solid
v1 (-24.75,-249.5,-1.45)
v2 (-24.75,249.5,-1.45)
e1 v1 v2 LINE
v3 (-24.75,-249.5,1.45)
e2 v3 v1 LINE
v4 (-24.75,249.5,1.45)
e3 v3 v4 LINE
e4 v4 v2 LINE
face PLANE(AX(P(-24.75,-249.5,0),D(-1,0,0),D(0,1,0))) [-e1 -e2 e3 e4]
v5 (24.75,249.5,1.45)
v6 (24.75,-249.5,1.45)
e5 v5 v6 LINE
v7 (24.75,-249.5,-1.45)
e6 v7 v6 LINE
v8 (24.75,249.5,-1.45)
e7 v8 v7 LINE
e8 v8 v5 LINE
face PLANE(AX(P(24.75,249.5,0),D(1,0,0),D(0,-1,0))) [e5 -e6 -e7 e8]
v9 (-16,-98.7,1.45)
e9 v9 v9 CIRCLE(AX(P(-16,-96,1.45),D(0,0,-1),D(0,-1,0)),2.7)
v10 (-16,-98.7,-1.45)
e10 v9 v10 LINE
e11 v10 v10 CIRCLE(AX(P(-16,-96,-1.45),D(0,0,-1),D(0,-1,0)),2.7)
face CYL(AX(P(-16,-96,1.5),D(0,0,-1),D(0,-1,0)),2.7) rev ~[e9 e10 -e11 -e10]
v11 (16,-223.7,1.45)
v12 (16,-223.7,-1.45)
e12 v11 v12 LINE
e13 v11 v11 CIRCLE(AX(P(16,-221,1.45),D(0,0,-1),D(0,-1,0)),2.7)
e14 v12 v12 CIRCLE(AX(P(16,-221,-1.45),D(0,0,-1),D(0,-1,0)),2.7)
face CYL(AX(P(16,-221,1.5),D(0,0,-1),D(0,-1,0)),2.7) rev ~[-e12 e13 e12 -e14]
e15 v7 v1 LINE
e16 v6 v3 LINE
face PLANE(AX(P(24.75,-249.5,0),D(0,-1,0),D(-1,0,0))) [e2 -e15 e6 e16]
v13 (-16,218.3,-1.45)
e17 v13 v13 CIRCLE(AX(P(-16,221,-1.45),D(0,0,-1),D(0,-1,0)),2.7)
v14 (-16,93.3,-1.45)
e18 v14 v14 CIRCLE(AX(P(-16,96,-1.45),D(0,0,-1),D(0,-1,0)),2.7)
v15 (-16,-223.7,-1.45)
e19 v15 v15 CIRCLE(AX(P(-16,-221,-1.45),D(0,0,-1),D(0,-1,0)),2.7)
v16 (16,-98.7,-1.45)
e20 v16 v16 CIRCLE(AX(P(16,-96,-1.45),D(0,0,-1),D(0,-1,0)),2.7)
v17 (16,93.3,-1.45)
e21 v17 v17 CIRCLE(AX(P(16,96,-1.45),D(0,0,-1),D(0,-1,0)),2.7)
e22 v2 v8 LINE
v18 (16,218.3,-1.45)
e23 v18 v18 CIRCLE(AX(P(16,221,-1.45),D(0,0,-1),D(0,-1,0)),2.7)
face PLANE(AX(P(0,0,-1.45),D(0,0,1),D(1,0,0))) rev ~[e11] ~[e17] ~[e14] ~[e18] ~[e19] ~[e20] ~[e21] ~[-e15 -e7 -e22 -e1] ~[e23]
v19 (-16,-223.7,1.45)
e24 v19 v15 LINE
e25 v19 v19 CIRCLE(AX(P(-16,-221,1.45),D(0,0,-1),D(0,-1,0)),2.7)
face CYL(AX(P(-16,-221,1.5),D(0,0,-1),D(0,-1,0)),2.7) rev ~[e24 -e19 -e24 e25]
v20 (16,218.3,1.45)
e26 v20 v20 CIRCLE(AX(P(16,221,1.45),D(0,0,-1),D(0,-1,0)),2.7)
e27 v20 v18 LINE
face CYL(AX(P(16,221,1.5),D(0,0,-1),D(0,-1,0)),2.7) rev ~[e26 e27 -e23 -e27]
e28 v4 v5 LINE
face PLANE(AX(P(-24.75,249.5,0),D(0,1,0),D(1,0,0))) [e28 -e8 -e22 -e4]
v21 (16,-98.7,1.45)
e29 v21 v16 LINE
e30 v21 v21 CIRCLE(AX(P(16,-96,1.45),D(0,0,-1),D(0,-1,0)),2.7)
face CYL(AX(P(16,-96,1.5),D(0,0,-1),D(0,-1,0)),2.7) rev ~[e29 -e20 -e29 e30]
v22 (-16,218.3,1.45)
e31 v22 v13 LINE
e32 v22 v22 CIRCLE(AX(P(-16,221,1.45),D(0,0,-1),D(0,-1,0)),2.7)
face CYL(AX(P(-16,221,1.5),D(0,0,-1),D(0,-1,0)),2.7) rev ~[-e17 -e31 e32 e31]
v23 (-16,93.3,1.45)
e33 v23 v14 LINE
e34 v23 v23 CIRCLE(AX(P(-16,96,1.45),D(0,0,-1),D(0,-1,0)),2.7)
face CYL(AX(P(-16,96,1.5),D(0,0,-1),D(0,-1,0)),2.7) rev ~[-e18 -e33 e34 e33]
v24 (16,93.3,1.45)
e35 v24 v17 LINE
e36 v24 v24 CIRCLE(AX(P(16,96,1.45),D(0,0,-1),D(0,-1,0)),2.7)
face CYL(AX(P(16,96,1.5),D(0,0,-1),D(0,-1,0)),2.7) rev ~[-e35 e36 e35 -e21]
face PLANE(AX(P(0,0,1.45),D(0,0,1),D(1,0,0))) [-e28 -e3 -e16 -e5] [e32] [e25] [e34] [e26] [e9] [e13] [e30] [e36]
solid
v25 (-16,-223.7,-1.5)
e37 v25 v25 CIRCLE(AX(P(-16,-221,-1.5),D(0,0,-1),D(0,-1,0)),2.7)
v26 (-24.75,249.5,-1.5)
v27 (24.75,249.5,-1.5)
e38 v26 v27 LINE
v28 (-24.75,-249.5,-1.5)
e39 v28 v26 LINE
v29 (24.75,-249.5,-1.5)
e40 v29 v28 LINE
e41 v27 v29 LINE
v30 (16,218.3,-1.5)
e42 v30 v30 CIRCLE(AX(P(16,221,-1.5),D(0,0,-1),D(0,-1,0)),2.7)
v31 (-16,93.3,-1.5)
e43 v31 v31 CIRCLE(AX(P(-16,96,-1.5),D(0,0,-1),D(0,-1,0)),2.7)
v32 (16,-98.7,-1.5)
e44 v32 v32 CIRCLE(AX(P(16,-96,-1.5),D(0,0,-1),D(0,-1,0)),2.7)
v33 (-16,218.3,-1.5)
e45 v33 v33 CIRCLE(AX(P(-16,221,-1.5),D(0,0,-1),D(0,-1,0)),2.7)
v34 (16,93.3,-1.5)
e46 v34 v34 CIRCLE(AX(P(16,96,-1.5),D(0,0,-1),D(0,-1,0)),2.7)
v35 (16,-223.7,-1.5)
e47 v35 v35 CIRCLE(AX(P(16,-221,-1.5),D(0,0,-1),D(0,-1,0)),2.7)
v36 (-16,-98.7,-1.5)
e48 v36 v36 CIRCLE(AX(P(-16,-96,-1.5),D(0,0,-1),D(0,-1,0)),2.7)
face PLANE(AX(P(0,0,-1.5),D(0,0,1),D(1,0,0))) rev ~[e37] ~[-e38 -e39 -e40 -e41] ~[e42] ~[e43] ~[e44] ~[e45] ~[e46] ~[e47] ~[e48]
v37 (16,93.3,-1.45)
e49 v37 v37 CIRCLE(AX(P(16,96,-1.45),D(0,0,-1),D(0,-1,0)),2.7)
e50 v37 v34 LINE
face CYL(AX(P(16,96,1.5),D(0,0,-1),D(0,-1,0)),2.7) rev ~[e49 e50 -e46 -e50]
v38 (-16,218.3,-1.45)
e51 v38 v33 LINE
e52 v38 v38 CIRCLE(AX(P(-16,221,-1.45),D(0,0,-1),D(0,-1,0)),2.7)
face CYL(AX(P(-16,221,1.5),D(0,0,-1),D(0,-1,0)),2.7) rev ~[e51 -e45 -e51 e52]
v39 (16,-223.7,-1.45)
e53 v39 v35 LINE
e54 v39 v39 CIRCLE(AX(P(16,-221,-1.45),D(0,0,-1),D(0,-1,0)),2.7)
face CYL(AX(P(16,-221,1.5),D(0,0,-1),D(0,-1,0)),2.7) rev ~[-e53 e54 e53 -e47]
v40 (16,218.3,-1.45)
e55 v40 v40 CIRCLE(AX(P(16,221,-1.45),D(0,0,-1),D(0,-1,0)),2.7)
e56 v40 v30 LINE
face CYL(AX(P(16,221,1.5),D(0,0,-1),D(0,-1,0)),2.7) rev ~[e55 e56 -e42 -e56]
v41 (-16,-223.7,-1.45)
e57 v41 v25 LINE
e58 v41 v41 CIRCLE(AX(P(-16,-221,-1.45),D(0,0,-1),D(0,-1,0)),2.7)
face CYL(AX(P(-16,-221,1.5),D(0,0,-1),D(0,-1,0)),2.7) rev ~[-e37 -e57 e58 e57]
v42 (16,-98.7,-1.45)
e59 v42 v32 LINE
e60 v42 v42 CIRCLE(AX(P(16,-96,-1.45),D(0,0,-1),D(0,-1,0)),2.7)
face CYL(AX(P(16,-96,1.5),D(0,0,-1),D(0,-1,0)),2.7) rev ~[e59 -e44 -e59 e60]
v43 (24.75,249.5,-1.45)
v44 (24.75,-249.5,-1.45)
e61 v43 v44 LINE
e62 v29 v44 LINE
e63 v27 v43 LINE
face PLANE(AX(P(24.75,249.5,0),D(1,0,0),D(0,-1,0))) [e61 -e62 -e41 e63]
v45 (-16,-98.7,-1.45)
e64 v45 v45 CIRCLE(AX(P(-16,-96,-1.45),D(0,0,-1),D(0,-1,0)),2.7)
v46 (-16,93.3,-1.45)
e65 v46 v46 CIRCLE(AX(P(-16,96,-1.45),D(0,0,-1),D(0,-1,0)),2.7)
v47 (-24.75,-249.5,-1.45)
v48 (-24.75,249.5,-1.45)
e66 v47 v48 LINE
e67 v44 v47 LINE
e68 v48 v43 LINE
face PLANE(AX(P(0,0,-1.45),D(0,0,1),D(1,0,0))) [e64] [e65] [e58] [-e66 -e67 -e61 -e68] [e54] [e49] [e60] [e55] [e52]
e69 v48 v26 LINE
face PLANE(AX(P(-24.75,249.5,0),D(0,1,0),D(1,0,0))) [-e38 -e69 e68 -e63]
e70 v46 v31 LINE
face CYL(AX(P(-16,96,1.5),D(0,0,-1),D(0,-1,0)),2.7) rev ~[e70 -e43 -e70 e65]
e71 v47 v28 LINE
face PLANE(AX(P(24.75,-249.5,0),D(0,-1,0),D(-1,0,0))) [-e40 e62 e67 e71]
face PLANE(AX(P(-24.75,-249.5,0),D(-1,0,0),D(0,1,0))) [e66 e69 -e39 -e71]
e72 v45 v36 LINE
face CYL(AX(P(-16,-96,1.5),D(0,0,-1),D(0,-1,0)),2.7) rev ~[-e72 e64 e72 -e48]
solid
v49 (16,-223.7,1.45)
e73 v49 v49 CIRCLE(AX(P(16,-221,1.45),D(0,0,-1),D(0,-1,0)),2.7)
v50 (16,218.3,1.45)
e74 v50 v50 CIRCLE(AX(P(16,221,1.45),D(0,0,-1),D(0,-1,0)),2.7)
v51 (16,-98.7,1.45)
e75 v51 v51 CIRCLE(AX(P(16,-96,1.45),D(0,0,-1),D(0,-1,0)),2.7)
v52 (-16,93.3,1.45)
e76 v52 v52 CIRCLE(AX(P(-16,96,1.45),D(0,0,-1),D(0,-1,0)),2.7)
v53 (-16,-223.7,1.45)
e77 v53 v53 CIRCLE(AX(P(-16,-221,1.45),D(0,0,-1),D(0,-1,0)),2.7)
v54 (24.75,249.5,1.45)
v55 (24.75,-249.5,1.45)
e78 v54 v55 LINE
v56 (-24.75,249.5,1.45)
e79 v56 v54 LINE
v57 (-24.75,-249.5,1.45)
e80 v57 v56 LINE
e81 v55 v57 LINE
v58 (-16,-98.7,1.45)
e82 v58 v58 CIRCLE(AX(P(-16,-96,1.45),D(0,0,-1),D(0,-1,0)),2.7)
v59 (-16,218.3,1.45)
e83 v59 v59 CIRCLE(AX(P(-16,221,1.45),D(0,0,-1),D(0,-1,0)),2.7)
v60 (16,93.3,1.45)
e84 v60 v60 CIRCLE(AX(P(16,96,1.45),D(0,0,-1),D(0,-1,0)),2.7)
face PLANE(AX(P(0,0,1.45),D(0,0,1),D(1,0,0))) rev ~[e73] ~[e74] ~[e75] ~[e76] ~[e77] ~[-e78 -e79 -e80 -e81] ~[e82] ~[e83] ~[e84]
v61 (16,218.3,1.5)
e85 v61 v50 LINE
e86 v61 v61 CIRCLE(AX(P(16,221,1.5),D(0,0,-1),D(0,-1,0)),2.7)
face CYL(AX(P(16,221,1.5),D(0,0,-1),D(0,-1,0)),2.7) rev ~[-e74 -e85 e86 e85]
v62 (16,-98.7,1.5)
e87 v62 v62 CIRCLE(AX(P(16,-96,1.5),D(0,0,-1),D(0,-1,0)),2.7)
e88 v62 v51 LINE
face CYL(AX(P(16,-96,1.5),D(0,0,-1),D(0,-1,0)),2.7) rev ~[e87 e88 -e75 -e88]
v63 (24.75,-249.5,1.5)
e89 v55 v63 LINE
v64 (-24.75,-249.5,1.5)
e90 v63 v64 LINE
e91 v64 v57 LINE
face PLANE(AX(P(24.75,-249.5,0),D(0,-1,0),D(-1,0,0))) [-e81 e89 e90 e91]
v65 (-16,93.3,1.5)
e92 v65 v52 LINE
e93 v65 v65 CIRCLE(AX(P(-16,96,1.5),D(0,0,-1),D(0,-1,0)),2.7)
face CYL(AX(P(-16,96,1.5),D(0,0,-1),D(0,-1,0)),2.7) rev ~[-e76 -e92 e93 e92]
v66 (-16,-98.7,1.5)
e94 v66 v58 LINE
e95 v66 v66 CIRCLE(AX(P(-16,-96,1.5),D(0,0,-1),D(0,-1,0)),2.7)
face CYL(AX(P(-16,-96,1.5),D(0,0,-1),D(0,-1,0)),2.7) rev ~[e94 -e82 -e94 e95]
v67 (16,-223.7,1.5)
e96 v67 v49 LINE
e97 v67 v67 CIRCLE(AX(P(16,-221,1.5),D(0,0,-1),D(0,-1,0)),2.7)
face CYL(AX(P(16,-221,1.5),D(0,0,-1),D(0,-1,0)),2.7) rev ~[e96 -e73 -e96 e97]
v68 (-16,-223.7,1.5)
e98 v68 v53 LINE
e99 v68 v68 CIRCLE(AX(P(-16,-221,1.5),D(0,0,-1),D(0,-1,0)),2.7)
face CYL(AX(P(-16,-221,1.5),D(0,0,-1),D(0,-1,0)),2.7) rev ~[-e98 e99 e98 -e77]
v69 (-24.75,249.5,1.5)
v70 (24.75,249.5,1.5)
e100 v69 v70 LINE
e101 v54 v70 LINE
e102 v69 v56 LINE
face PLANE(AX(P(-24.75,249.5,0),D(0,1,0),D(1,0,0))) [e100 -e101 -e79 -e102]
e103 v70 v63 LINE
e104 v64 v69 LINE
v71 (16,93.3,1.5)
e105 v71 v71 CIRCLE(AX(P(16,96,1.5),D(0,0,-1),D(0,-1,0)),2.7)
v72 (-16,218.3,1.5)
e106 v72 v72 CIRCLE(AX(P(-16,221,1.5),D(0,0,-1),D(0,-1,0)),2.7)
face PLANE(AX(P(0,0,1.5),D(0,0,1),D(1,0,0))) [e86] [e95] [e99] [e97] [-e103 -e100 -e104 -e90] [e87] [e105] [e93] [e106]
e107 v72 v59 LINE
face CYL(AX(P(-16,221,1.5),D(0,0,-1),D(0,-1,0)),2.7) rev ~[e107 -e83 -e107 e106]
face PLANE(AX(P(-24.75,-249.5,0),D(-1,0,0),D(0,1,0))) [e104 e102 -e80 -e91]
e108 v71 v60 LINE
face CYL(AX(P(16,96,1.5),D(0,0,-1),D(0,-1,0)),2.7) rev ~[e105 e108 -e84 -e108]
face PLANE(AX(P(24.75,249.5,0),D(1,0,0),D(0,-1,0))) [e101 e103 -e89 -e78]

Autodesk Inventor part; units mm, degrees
ref_plane "YZ Plane" through (0, 0, 0) normal (1, 0, 0) x (0, 1, 0)
ref_plane "XZ Plane" through (0, 0, 0) normal (0, 1, 0) x (-1, 0, 0)
ref_plane "XY Plane" through (0, 0, 0) normal (0, 0, 1) x (1, 0, 0)
sketch "Sketch1" plane through (0, 0, 0) normal (0, 0, 1) x (1, 0, 0)
  line L0 (24.75, -249.5) -> (-24.75, -249.5)
  line L1 (-24.75, -249.5) -> (-24.75, 249.5)
  line L2 (-24.75, 249.5) -> (24.75, 249.5)
  line L3 (24.75, 249.5) -> (24.75, -249.5)
  line L4 (24.75, -249.5) -> (-24.75, 249.5) construction
  line L5 (-24.75, -249.5) -> (24.75, 249.5) construction
  point P0 (0, 0)
  dimension "d0" = 49.5
  dimension "d1" = 499
extrude "Extrusion1" add sketch "Sketch1" along normal mid plane 3
extrude "Extrusion2" cut sketch "Sketch1" along normal mid plane 2.9
extrude "Extrusion3" add sketch "Sketch1" along normal mid plane 2.9 separate body
sketch "Sketch2" plane through (0, 0, 1.5) normal (0, 0, 1) x (1, 0, 0)
  line L0 (16, -221) -> (-16, -221)
  line L1 (-16, -221) -> (-16, 221)
  line L2 (-16, 221) -> (16, 221)
  line L3 (16, 221) -> (16, -221)
  line L4 (16, -221) -> (-16, 221) construction
  line L5 (-16, -221) -> (16, 221) construction
  line L6 (16, -96) -> (-16, -96)
  line L7 (-16, -96) -> (-16, 96)
  line L8 (-16, 96) -> (16, 96)
  line L9 (16, 96) -> (16, -96)
  line L10 (16, -96) -> (-16, 96) construction
  line L11 (-16, -96) -> (16, 96) construction
  line L12 (-24.75, -249.5) -> (24.75, -249.5) projected
  point P0 (0, 0)
  dimension "d8" = 32
  dimension "d10" = 442
  dimension "d11" = 125
hole "Hole1" at (-16, 221, 1.5) at (16, 221, 1.5) at (-16, 96, 1.5) at (16, 96, 1.5) at (-16, -96, 1.5) at (16, -96, 1.5) at (16, -221, 1.5) at (-16, -221, 1.5) direction (0, 0, -1) diameter 5.4 end through all bodies 1 2
properties part number "Narrow Internal Vertical Side Panels"
